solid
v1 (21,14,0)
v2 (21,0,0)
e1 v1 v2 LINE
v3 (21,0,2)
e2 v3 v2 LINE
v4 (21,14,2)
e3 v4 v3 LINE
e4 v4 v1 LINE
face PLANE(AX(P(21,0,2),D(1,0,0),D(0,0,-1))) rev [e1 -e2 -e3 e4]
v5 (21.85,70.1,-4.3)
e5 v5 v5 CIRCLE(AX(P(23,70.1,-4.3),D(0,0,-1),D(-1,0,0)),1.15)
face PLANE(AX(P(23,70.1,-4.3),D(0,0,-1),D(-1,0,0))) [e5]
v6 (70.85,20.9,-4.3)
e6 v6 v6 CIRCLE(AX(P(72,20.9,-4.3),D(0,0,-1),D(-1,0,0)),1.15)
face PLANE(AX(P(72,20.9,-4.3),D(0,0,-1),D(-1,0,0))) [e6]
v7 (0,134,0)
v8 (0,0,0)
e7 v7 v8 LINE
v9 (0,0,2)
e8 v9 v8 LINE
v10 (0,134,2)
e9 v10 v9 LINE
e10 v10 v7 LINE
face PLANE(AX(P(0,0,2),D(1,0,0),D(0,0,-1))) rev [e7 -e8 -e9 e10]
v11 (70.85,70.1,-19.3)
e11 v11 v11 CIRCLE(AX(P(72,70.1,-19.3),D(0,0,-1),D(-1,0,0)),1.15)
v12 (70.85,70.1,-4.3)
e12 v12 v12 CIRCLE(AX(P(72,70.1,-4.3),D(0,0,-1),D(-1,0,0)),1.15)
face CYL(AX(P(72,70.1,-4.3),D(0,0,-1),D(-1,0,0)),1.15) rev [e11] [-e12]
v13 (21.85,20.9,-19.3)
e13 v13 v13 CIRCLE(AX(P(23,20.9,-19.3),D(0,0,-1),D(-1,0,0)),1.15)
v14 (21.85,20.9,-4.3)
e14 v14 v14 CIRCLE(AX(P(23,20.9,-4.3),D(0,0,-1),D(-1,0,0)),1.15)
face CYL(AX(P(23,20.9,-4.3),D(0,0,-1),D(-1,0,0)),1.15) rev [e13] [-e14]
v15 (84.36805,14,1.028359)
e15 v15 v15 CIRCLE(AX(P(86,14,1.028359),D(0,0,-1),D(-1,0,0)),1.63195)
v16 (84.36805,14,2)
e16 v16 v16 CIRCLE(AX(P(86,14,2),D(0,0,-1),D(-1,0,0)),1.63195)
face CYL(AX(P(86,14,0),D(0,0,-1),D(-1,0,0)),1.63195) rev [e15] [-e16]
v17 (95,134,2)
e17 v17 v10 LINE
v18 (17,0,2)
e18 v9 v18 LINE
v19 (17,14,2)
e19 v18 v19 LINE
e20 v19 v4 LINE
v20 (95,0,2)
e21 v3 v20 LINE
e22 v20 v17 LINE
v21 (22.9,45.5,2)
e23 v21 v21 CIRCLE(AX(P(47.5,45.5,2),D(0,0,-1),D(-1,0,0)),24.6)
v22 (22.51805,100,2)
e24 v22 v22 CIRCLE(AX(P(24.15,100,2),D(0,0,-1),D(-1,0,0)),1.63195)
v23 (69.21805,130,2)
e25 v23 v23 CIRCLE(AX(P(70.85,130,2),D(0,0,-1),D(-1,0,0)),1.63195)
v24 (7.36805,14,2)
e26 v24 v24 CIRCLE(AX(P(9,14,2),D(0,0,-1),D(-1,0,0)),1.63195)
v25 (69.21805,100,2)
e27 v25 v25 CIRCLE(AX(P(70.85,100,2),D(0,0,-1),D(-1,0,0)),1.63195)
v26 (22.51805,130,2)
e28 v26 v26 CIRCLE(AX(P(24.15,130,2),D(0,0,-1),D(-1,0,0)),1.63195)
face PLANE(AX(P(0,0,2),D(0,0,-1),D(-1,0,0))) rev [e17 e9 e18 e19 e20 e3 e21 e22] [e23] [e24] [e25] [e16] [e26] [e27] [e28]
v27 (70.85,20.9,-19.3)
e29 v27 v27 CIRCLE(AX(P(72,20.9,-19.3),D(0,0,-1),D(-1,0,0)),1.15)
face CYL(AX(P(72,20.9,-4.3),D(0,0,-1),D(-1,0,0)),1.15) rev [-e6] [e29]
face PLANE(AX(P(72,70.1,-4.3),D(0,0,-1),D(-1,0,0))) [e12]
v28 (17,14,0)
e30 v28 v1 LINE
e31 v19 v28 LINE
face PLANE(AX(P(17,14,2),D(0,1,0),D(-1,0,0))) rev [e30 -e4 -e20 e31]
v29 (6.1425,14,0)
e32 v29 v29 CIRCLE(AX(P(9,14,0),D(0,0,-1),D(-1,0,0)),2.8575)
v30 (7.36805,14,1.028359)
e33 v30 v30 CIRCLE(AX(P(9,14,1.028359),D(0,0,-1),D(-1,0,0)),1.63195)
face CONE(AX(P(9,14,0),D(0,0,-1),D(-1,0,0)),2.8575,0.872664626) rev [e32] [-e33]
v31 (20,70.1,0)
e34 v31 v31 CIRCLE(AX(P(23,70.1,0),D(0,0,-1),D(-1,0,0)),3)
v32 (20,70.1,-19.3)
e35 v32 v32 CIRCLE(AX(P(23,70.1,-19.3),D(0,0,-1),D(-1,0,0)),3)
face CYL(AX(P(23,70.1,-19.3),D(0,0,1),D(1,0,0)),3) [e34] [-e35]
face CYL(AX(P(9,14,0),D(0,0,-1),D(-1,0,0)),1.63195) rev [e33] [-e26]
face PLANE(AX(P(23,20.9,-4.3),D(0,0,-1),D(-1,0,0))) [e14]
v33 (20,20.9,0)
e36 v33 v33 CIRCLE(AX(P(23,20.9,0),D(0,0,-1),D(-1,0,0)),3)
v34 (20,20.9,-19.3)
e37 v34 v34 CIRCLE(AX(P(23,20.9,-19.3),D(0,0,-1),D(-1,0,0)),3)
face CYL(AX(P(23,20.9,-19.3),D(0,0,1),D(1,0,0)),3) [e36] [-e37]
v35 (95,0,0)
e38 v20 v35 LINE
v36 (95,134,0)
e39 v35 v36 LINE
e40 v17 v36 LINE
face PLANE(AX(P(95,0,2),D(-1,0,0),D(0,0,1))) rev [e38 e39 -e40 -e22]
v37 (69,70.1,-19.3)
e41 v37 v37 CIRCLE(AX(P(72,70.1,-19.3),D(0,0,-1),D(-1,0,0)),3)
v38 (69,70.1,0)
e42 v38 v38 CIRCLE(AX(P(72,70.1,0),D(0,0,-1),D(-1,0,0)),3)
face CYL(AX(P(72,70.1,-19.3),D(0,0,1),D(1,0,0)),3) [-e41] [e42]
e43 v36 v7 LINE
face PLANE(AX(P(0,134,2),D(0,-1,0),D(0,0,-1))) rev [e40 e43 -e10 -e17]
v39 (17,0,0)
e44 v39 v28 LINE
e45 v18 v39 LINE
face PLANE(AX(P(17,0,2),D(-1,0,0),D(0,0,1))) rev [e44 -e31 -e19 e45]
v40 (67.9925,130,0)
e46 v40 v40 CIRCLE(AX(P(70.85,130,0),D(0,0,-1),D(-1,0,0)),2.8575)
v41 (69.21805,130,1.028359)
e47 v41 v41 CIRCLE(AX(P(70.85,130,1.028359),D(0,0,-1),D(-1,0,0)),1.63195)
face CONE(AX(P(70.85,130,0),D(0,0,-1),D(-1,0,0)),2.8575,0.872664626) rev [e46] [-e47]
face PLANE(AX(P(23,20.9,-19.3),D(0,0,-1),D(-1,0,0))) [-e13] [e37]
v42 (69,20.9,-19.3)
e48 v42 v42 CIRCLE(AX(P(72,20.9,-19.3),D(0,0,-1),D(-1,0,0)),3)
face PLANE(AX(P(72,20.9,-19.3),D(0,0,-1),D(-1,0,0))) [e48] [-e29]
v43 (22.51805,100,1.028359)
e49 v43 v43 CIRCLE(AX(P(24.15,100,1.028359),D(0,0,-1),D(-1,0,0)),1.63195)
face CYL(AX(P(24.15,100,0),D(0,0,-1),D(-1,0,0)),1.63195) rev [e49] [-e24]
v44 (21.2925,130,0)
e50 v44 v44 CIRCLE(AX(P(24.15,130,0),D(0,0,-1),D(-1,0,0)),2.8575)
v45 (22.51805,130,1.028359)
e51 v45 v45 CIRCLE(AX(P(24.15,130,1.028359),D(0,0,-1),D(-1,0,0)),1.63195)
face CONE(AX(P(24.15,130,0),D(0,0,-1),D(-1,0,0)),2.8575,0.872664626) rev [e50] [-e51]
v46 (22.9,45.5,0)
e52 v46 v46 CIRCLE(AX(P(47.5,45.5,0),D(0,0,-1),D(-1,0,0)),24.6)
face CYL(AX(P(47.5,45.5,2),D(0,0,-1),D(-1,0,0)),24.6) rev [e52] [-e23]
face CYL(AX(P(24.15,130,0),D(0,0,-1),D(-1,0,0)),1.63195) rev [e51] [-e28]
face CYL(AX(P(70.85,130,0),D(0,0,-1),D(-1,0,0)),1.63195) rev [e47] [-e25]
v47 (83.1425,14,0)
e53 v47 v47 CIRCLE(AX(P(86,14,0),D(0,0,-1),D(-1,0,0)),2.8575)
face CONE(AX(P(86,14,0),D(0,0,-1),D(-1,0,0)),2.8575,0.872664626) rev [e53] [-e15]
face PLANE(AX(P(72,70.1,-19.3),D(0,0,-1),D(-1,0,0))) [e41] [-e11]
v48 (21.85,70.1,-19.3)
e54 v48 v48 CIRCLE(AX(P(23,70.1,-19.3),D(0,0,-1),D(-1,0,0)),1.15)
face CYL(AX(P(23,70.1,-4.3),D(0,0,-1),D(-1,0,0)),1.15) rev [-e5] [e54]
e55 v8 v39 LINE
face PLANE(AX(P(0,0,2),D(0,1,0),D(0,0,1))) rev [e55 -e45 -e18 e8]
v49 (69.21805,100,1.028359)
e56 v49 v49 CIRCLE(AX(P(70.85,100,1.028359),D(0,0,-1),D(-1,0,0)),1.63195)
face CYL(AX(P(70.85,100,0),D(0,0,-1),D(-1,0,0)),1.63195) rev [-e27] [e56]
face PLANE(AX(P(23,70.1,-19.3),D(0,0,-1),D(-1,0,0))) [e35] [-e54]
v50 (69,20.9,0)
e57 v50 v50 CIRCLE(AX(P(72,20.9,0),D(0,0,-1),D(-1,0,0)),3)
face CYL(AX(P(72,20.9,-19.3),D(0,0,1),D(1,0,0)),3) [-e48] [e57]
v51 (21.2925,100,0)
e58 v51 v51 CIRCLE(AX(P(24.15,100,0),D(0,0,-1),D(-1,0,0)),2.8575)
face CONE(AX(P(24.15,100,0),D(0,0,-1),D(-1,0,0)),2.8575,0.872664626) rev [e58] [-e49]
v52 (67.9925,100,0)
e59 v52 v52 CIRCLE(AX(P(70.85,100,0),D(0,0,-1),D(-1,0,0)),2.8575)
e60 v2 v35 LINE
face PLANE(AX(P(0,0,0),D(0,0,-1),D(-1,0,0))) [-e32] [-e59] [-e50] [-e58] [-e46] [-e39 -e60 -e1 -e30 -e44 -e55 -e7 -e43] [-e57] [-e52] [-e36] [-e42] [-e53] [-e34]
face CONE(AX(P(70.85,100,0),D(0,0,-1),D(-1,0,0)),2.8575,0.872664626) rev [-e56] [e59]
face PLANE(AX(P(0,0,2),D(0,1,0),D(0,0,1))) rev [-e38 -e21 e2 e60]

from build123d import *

# Parameters (mm, degrees)
SKETCH1_W                                 = 95
SKETCH1_H                                 = 134
BOSS_EXTRUDE1_DEPTH                       = 2
CSK_FOR_4_FLAT_HEAD_MACHINE_SCREW_2_COUNT = 2
CSK_FOR_4_FLAT_HEAD_MACHINE_SCREW_2_PITCH = 46.7
CSK_FOR_4_FLAT_HEAD_MACHINE_SCREW_3_COUNT = 2
CSK_FOR_4_FLAT_HEAD_MACHINE_SCREW_3_PITCH = 55.505765466
CSK_FOR_4_FLAT_HEAD_MACHINE_SCREW_4_COUNT = 2
CSK_FOR_4_FLAT_HEAD_MACHINE_SCREW_4_PITCH = 30
CSK_FOR_4_FLAT_HEAD_MACHINE_SCREW_5_COUNT = 2
CSK_FOR_4_FLAT_HEAD_MACHINE_SCREW_5_PITCH = 116.985137945
CSK_FOR_4_FLAT_HEAD_MACHINE_SCREW_6_COUNT = 2
CSK_FOR_4_FLAT_HEAD_MACHINE_SCREW_6_PITCH = 131.458824352
SKETCH13_R                                = 24.6
CUT_EXTRUDE2_DEPTH                        = 165.271117364
SKETCH14_R                                = 3
BOSS_EXTRUDE4_DEPTH                       = 19.3
SKETCH15_R                                = 1.15
CUT_EXTRUDE3_DEPTH                        = 15
SKETCH16_W                                = 4
SKETCH16_H                                = 14
CUT_EXTRUDE4_DEPTH                        = 166.388905311


with BuildPart() as part:
    # Sketch1 → Boss-Extrude1 (new body)
    with BuildSketch(Plane.XY):
        with Locations((47.5, 67)):
            Rectangle(SKETCH1_W, SKETCH1_H)
    extrude(amount=BOSS_EXTRUDE1_DEPTH)

    # Sketch8 → CSK for #4 Flat Head Machine Screw (100)2 (revolve, cut)
    with BuildSketch(Plane(origin=(70.85, 130, 0), x_dir=(0, 1, 0), z_dir=(1, 0, 0))):
        Polygon((0, 0), (0, 2), (1.63195, 2), (1.63195, 1.028358553), (2.8575, 0), align=None)
    csk_for_4_flat_head_machine_screw_100 = revolve(axis=Axis((70.85, 130, -6.35), (0, 0, 1)), mode=Mode.SUBTRACT)

    # CSK for _4 Flat Head Machine Screw _ 2: CSK for #4 Flat Head Machine Screw (100)2 ×2
    with Locations(*[(-i * CSK_FOR_4_FLAT_HEAD_MACHINE_SCREW_2_PITCH, 0, 0) for i in range(1, CSK_FOR_4_FLAT_HEAD_MACHINE_SCREW_2_COUNT)]):
        add(csk_for_4_flat_head_machine_screw_100, mode=Mode.SUBTRACT)

    # CSK for _4 Flat Head Machine Screw _ 3: CSK for #4 Flat Head Machine Screw (100)2 ×2
    with Locations(*[Vector(-0.8413540396691381, -0.540484393791738, 0) * (i * CSK_FOR_4_FLAT_HEAD_MACHINE_SCREW_3_PITCH) for i in range(1, CSK_FOR_4_FLAT_HEAD_MACHINE_SCREW_3_COUNT)]):
        add(csk_for_4_flat_head_machine_screw_100, mode=Mode.SUBTRACT)

    # CSK for _4 Flat Head Machine Screw _ 4: CSK for #4 Flat Head Machine Screw (100)2 ×2
    with Locations(*[(0, -i * CSK_FOR_4_FLAT_HEAD_MACHINE_SCREW_4_PITCH, 0) for i in range(1, CSK_FOR_4_FLAT_HEAD_MACHINE_SCREW_4_COUNT)]):
        add(csk_for_4_flat_head_machine_screw_100, mode=Mode.SUBTRACT)

    # CSK for _4 Flat Head Machine Screw _ 5: CSK for #4 Flat Head Machine Screw (100)2 ×2
    with Locations(*[Vector(0.12950362982970207, -0.991578947870986, 0) * (i * CSK_FOR_4_FLAT_HEAD_MACHINE_SCREW_5_PITCH) for i in range(1, CSK_FOR_4_FLAT_HEAD_MACHINE_SCREW_5_COUNT)]):
        add(csk_for_4_flat_head_machine_screw_100, mode=Mode.SUBTRACT)

    # CSK for _4 Flat Head Machine Screw _ 6: CSK for #4 Flat Head Machine Screw (100)2 ×2
    with Locations(*[Vector(-0.47048952632046626, -0.8824055788710445, 0) * (i * CSK_FOR_4_FLAT_HEAD_MACHINE_SCREW_6_PITCH) for i in range(1, CSK_FOR_4_FLAT_HEAD_MACHINE_SCREW_6_COUNT)]):
        add(csk_for_4_flat_head_machine_screw_100, mode=Mode.SUBTRACT)

    # Sketch13 → Cut-Extrude2 (cut, through all)
    with BuildSketch(Plane(origin=(0, 0, 0), x_dir=(-1, 0, 0), z_dir=(0, 0, -1))):
        with Locations((-47.5, 45.5)):
            Circle(SKETCH13_R)
    extrude(amount=-CUT_EXTRUDE2_DEPTH, mode=Mode.SUBTRACT)

    # Sketch14 → Boss-Extrude4 (add)
    with BuildSketch(Plane(origin=(0, 0, 0), x_dir=(-1, 0, 0), z_dir=(0, 0, -1))):
        with Locations((-72, 70.1)):
            Circle(SKETCH14_R)
        with Locations((-23, 70.1)):
            Circle(SKETCH14_R)
        with Locations((-72, 20.9)):
            Circle(SKETCH14_R)
        with Locations((-23, 20.9)):
            Circle(SKETCH14_R)
    extrude(amount=BOSS_EXTRUDE4_DEPTH)

    # Sketch15 → Cut-Extrude3 (cut)
    with BuildSketch(Plane(origin=(0, 0, -19.3), x_dir=(-1, 0, 0), z_dir=(0, 0, -1))):
        with Locations((-72, 70.1)):
            Circle(SKETCH15_R)
        with Locations((-23, 70.1)):
            Circle(SKETCH15_R)
        with Locations((-23, 20.9)):
            Circle(SKETCH15_R)
        with Locations((-72, 20.9)):
            Circle(SKETCH15_R)
    extrude(amount=-CUT_EXTRUDE3_DEPTH, mode=Mode.SUBTRACT)

    # Sketch16 → Cut-Extrude4 (cut, through all)
    with BuildSketch(Plane(origin=(0, 0, 0), x_dir=(-1, 0, 0), z_dir=(0, 0, -1))):
        with Locations((-19, 7)):
            Rectangle(SKETCH16_W, SKETCH16_H)
    extrude(amount=-CUT_EXTRUDE4_DEPTH, mode=Mode.SUBTRACT)


solid = part.part
